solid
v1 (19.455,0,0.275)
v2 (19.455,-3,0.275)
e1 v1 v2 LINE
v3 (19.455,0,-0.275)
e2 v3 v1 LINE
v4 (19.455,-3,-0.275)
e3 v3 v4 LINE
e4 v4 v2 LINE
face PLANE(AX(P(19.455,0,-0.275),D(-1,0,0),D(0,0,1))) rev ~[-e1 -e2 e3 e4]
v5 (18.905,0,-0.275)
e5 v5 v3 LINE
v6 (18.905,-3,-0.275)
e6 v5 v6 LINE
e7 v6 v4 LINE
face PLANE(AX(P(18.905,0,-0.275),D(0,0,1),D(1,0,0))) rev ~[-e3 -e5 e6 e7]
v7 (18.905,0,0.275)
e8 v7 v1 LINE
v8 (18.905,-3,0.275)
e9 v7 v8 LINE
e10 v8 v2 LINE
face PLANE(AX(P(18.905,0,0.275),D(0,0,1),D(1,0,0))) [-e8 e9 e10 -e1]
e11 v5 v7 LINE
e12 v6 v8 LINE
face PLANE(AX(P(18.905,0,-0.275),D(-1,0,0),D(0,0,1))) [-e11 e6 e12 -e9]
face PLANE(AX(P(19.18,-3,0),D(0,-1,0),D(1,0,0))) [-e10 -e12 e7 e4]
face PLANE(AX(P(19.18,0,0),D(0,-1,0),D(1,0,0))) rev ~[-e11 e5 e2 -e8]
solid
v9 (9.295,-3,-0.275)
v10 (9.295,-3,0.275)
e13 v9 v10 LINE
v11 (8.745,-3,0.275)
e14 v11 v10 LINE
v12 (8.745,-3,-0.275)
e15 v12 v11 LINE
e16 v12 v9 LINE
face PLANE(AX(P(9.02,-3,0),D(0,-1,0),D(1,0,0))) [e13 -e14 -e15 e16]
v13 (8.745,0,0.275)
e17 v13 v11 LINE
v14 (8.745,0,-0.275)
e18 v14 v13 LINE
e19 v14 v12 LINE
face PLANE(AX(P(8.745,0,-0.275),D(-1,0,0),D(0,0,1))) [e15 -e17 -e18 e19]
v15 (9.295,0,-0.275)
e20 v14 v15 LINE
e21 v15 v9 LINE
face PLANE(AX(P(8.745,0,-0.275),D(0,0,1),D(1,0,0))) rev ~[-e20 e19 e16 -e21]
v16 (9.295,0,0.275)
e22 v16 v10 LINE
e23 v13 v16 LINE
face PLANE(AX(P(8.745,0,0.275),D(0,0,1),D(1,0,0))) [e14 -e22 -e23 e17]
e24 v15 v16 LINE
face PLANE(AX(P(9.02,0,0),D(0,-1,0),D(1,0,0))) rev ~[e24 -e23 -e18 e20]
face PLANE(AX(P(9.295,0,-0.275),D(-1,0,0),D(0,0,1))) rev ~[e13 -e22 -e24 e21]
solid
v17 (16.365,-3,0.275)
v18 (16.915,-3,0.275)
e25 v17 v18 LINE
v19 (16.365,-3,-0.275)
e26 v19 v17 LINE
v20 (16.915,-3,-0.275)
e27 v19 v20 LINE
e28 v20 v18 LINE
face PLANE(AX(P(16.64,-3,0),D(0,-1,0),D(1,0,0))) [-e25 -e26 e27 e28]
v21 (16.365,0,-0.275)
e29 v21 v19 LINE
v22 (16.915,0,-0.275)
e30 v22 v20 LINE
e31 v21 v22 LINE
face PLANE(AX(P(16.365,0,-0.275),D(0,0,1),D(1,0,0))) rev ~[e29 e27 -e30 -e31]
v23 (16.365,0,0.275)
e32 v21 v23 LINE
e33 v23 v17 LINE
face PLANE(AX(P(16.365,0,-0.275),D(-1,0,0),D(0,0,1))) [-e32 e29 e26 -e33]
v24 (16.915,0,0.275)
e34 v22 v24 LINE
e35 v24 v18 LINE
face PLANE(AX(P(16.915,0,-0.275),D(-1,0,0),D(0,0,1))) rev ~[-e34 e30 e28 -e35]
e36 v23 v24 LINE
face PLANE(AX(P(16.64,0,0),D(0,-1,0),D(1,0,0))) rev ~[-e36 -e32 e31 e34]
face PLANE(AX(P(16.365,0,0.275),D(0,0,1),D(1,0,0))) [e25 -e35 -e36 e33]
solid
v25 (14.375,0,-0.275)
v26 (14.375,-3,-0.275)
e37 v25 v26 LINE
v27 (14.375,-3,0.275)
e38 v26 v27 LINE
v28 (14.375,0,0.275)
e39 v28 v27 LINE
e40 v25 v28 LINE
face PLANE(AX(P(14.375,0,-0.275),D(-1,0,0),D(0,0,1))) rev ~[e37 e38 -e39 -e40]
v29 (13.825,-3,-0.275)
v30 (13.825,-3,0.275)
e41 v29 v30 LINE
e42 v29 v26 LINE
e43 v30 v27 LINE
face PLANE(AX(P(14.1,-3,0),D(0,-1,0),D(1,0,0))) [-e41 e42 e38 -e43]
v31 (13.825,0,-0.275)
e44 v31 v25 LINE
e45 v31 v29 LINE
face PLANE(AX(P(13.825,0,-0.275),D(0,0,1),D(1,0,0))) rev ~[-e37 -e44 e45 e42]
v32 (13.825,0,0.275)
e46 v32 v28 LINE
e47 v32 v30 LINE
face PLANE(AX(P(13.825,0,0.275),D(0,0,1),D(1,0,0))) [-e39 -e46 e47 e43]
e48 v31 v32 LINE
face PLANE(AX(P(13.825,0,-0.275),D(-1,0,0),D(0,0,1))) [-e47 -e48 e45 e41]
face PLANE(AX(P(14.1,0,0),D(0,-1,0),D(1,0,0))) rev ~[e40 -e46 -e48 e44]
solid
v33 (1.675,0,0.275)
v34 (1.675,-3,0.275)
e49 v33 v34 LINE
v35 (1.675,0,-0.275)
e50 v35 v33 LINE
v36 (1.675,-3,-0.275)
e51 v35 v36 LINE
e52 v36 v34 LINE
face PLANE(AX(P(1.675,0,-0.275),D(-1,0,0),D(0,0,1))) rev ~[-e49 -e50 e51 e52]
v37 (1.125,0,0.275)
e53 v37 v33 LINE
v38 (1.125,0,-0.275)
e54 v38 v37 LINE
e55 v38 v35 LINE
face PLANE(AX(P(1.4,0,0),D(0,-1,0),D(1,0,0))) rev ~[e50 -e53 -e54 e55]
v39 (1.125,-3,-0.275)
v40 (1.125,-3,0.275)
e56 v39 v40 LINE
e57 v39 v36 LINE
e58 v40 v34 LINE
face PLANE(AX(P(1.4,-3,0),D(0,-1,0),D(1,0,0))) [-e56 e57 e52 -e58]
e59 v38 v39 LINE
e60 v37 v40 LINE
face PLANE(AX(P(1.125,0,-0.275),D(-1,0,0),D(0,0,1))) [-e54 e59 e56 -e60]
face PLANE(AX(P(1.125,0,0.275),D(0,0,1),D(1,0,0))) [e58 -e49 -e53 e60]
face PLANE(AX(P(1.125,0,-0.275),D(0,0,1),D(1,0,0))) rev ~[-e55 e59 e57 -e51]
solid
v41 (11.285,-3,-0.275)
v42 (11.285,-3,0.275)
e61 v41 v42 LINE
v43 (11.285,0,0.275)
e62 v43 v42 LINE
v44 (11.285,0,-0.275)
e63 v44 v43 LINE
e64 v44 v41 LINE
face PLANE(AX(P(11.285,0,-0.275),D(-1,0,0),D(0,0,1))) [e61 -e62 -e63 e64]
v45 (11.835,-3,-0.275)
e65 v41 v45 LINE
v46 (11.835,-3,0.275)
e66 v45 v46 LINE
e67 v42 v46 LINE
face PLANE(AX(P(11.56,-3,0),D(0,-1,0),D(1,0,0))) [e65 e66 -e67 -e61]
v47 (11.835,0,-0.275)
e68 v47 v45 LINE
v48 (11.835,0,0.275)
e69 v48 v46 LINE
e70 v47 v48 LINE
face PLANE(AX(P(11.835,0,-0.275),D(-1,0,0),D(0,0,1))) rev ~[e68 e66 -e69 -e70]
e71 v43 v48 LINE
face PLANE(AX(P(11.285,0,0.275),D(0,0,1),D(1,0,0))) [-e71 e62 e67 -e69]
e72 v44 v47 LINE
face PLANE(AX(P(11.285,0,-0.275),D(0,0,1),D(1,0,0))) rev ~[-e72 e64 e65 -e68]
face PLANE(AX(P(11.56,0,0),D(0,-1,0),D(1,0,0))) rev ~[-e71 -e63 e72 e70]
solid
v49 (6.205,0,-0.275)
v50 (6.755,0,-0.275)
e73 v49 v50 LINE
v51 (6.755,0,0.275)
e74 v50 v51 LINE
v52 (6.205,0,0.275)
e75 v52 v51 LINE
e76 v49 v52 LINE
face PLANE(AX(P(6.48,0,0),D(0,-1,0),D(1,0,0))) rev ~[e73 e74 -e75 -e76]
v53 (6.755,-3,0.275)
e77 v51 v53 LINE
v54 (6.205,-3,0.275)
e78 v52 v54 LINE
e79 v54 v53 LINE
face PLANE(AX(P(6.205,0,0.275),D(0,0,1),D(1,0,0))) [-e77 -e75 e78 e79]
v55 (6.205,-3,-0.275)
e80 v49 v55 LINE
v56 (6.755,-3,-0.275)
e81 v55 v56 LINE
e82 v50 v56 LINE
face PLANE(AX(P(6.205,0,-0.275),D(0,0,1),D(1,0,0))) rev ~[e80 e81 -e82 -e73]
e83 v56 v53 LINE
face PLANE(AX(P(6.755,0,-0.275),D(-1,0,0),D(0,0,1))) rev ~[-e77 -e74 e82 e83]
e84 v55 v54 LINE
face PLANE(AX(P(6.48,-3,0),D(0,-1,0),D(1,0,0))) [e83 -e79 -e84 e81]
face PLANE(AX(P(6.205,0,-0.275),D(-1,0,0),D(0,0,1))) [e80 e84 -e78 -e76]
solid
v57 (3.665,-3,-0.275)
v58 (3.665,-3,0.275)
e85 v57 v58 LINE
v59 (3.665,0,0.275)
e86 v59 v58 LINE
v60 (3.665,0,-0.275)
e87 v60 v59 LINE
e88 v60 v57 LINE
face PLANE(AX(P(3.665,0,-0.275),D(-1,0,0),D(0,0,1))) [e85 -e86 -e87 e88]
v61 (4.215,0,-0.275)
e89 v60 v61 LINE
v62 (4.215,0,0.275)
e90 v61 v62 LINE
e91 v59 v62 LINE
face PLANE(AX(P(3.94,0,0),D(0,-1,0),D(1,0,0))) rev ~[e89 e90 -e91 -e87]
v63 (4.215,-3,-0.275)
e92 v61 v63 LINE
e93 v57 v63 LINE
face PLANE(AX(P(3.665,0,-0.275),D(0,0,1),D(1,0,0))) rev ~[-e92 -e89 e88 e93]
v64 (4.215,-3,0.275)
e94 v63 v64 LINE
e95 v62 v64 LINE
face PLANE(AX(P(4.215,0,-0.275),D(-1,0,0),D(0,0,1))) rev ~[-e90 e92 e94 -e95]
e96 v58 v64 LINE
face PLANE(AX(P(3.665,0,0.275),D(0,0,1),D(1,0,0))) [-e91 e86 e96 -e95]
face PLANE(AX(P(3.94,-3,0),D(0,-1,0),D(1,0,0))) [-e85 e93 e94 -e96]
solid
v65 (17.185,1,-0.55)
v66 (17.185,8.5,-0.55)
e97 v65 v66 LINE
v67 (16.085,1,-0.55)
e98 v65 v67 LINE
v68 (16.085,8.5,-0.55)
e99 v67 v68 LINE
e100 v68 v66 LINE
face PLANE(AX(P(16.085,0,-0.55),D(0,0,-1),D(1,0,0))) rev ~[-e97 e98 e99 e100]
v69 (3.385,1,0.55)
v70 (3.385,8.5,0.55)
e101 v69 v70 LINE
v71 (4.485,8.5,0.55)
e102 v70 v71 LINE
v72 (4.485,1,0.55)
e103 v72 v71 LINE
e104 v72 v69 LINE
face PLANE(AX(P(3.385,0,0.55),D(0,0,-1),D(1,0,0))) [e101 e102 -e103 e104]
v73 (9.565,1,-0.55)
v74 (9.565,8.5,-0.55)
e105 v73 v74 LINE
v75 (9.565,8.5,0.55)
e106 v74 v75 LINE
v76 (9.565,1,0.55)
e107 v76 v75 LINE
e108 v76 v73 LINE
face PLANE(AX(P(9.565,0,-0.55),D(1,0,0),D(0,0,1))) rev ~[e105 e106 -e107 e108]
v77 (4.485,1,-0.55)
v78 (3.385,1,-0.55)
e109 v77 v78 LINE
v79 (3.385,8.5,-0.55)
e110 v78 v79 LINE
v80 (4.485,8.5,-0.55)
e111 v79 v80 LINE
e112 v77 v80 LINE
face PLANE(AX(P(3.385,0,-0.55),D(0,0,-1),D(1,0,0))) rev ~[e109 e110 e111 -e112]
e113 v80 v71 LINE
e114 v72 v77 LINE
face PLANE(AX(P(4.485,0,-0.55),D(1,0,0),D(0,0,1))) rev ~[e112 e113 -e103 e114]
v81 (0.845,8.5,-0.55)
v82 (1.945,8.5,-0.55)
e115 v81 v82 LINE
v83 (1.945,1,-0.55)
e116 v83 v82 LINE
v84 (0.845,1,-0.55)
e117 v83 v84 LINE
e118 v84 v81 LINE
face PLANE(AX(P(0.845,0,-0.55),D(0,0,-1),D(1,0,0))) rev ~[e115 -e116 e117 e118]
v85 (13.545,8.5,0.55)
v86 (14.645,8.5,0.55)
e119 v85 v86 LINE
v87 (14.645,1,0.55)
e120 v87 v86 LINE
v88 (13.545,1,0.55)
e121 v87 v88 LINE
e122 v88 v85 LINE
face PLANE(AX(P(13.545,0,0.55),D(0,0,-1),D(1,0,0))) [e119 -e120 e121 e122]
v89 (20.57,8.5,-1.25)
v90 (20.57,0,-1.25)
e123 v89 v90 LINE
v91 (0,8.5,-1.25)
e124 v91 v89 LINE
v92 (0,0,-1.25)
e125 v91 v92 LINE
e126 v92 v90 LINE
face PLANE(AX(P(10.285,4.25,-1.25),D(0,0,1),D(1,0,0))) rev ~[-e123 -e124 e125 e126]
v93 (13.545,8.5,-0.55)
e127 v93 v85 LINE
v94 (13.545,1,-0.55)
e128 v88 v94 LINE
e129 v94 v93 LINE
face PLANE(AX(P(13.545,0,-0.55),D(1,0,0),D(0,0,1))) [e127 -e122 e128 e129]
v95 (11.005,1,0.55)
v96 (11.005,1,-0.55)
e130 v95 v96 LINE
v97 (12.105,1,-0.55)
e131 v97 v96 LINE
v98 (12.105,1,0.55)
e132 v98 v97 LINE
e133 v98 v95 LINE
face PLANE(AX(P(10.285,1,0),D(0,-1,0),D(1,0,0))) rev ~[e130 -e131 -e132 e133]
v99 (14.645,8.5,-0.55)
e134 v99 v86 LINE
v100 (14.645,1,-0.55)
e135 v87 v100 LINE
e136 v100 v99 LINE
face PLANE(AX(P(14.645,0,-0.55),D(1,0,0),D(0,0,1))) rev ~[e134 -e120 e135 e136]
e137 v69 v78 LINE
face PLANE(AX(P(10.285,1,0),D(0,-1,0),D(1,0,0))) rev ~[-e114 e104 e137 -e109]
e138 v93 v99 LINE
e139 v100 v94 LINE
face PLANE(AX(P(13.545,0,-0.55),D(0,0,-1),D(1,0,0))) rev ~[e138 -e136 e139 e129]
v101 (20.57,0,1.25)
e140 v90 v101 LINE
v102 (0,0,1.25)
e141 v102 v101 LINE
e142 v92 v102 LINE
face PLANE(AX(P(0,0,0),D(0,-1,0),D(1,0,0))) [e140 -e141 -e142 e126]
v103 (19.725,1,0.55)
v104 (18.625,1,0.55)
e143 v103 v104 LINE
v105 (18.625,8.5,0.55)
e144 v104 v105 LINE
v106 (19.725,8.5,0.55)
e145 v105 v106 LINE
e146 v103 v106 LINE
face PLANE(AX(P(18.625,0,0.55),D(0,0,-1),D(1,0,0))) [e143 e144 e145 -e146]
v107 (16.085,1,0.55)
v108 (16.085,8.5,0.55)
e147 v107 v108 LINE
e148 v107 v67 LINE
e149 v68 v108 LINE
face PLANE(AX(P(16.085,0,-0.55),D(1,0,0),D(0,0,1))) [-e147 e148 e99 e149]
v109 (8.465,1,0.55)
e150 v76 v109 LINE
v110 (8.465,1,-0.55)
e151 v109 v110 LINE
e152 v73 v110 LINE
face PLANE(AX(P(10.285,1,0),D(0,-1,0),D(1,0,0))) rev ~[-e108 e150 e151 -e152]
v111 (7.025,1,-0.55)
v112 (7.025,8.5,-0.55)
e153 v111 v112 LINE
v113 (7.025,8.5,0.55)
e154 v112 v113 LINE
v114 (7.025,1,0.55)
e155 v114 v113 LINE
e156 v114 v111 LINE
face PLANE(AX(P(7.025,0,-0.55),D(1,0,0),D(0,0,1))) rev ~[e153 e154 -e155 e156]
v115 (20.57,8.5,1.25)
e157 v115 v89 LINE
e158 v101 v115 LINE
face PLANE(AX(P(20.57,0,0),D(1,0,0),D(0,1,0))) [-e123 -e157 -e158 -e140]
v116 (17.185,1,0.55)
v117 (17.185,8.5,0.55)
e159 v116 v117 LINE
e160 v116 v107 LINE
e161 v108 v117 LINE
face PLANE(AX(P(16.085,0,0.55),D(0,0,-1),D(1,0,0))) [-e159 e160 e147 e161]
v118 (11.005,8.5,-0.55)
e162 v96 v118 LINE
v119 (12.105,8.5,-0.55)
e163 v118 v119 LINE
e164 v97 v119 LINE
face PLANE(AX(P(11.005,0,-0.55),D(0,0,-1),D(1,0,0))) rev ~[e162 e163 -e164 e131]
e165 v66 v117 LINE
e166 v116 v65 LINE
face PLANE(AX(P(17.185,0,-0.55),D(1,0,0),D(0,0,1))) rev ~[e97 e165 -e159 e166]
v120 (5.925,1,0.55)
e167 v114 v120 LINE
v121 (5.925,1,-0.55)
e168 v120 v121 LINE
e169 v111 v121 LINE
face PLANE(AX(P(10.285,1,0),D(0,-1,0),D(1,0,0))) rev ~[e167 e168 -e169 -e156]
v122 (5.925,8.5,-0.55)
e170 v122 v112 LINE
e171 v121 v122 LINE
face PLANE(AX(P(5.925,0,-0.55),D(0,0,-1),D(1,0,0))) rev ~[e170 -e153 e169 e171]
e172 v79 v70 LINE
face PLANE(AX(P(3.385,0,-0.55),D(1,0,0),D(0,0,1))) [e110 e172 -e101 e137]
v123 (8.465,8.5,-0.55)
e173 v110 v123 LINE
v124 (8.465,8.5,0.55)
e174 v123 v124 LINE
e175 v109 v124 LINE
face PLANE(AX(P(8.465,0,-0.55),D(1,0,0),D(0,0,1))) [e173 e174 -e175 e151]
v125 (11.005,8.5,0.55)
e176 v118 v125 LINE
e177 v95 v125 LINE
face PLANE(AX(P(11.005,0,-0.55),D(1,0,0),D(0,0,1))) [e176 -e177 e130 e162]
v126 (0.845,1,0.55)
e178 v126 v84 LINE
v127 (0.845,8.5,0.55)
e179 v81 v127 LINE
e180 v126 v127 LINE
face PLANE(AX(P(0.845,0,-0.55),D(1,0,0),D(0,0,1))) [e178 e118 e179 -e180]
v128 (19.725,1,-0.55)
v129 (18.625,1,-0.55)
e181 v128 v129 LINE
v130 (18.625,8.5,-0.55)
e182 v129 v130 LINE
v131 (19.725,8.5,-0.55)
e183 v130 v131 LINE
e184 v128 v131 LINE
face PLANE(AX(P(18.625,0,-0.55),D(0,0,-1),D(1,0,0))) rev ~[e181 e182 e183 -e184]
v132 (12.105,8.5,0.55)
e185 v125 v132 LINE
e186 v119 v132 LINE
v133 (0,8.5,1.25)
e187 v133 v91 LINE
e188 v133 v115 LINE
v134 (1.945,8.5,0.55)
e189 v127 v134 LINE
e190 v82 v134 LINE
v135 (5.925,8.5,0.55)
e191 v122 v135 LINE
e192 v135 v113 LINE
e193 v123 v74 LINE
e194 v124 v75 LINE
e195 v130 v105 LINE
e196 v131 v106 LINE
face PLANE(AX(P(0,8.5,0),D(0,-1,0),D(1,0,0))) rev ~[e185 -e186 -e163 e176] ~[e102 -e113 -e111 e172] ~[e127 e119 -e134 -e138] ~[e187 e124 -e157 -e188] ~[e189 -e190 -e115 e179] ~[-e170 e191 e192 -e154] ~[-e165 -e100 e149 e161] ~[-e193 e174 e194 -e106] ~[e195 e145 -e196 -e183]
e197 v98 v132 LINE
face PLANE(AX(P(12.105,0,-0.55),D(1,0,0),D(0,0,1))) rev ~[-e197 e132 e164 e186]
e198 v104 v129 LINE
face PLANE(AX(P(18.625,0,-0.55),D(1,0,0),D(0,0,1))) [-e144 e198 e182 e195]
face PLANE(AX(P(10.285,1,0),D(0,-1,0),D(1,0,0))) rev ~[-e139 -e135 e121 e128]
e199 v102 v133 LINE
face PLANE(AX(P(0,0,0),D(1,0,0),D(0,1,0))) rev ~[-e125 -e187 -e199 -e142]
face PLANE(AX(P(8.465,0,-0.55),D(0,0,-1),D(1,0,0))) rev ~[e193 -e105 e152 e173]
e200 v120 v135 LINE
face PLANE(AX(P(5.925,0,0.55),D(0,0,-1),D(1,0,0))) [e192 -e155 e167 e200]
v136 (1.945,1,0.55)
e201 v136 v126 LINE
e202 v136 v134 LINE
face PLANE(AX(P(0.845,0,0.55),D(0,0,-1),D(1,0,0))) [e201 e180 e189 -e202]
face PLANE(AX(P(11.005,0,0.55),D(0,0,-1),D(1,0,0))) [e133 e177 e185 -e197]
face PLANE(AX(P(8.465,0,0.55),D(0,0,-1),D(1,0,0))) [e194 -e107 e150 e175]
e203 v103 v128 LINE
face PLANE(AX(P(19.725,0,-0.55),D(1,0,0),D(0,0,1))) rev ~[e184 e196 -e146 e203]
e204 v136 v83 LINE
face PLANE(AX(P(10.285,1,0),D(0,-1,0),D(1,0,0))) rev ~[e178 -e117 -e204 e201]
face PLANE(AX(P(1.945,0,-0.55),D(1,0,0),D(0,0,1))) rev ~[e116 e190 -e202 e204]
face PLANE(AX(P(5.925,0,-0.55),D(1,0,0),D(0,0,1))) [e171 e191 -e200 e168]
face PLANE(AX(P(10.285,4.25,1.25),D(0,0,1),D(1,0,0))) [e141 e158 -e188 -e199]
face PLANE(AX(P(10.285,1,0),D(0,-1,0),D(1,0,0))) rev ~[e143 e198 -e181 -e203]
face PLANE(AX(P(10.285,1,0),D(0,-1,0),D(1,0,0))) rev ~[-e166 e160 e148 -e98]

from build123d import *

# Parameters (mm, degrees)
SKETCH1_W             = 20.57
SKETCH1_H             = 8.5
BOSS_EXTRUDE1_DEPTH   = 1.25
SKETCH2_W             = 1.1
SKETCH2_H             = 1.1
CUT_EXTRUDE1_DEPTH    = 9.5
SKETCH3_W             = 20.57
SKETCH3_H             = 2.5
BOSS_EXTRUDE2_DEPTH   = 1
SKETCH4_W             = 0.55
SKETCH4_H             = 0.55
BOSS_EXTRUDE3_DEPTH   = 3
BOSS_EXTRUDE3_2_DEPTH = 3
BOSS_EXTRUDE3_3_DEPTH = 3
BOSS_EXTRUDE3_4_DEPTH = 3
BOSS_EXTRUDE3_5_DEPTH = 3
BOSS_EXTRUDE3_6_DEPTH = 3
BOSS_EXTRUDE3_7_DEPTH = 3
BOSS_EXTRUDE3_8_DEPTH = 3


with BuildPart() as part:
    # Sketch1 → Boss-Extrude1 (new body, symmetric)
    with BuildSketch(Plane.XY):
        with Locations((10.285, 4.25)):
            Rectangle(SKETCH1_W, SKETCH1_H)
    extrude(amount=BOSS_EXTRUDE1_DEPTH, both=True)

    # Sketch2 → Cut-Extrude1 (cut, through all)
    with BuildSketch(Plane.XZ):
        with Locations((3.935, 0)):
            Rectangle(SKETCH2_W, SKETCH2_H)
        with Locations((1.395, 0)):
            Rectangle(SKETCH2_W, SKETCH2_H)
        with Locations((6.475, 0)):
            Rectangle(SKETCH2_W, SKETCH2_H)
        with Locations((9.015, 0)):
            Rectangle(SKETCH2_W, SKETCH2_H)
        with Locations((11.555, 0)):
            Rectangle(SKETCH2_W, SKETCH2_H)
        with Locations((14.095, 0)):
            Rectangle(SKETCH2_W, SKETCH2_H)
        with Locations((16.635, 0)):
            Rectangle(SKETCH2_W, SKETCH2_H)
        with Locations((19.175, 0)):
            Rectangle(SKETCH2_W, SKETCH2_H)
    extrude(amount=-CUT_EXTRUDE1_DEPTH, mode=Mode.SUBTRACT)

    # Sketch3 → Boss-Extrude2 (add)
    with BuildSketch(Plane.XZ):
        with Locations((10.285, 0)):
            Rectangle(SKETCH3_W, SKETCH3_H)
    extrude(amount=-BOSS_EXTRUDE2_DEPTH)


with BuildPart() as body_2:
    # Sketch4 → Boss-Extrude3 (new body)
    with BuildSketch(Plane.XZ):
        with Locations((1.4, 0)):
            Rectangle(SKETCH4_W, SKETCH4_H)
    extrude(amount=BOSS_EXTRUDE3_DEPTH)


with BuildPart() as body_3:
    # Sketch4 → Boss-Extrude3 2 (new body)
    with BuildSketch(Plane.XZ):
        with Locations((3.94, 0)):
            Rectangle(SKETCH4_W, SKETCH4_H)
    extrude(amount=BOSS_EXTRUDE3_2_DEPTH)


with BuildPart() as body_4:
    # Sketch4 → Boss-Extrude3 3 (new body)
    with BuildSketch(Plane.XZ):
        with Locations((6.48, 0)):
            Rectangle(SKETCH4_W, SKETCH4_H)
    extrude(amount=BOSS_EXTRUDE3_3_DEPTH)


with BuildPart() as body_5:
    # Sketch4 → Boss-Extrude3 4 (new body)
    with BuildSketch(Plane.XZ):
        with Locations((9.02, 0)):
            Rectangle(SKETCH4_W, SKETCH4_H)
    extrude(amount=BOSS_EXTRUDE3_4_DEPTH)


with BuildPart() as body_6:
    # Sketch4 → Boss-Extrude3 5 (new body)
    with BuildSketch(Plane.XZ):
        with Locations((11.56, 0)):
            Rectangle(SKETCH4_W, SKETCH4_H)
    extrude(amount=BOSS_EXTRUDE3_5_DEPTH)


with BuildPart() as body_7:
    # Sketch4 → Boss-Extrude3 6 (new body)
    with BuildSketch(Plane.XZ):
        with Locations((14.1, 0)):
            Rectangle(SKETCH4_W, SKETCH4_H)
    extrude(amount=BOSS_EXTRUDE3_6_DEPTH)


with BuildPart() as body_8:
    # Sketch4 → Boss-Extrude3 7 (new body)
    with BuildSketch(Plane.XZ):
        with Locations((16.64, 0)):
            Rectangle(SKETCH4_W, SKETCH4_H)
    extrude(amount=BOSS_EXTRUDE3_7_DEPTH)


with BuildPart() as body_9:
    # Sketch4 → Boss-Extrude3 8 (new body)
    with BuildSketch(Plane.XZ):
        with Locations((19.18, 0)):
            Rectangle(SKETCH4_W, SKETCH4_H)
    extrude(amount=BOSS_EXTRUDE3_8_DEPTH)


solid = Compound([part.part, body_2.part, body_3.part, body_4.part, body_5.part, body_6.part, body_7.part, body_8.part, body_9.part])
